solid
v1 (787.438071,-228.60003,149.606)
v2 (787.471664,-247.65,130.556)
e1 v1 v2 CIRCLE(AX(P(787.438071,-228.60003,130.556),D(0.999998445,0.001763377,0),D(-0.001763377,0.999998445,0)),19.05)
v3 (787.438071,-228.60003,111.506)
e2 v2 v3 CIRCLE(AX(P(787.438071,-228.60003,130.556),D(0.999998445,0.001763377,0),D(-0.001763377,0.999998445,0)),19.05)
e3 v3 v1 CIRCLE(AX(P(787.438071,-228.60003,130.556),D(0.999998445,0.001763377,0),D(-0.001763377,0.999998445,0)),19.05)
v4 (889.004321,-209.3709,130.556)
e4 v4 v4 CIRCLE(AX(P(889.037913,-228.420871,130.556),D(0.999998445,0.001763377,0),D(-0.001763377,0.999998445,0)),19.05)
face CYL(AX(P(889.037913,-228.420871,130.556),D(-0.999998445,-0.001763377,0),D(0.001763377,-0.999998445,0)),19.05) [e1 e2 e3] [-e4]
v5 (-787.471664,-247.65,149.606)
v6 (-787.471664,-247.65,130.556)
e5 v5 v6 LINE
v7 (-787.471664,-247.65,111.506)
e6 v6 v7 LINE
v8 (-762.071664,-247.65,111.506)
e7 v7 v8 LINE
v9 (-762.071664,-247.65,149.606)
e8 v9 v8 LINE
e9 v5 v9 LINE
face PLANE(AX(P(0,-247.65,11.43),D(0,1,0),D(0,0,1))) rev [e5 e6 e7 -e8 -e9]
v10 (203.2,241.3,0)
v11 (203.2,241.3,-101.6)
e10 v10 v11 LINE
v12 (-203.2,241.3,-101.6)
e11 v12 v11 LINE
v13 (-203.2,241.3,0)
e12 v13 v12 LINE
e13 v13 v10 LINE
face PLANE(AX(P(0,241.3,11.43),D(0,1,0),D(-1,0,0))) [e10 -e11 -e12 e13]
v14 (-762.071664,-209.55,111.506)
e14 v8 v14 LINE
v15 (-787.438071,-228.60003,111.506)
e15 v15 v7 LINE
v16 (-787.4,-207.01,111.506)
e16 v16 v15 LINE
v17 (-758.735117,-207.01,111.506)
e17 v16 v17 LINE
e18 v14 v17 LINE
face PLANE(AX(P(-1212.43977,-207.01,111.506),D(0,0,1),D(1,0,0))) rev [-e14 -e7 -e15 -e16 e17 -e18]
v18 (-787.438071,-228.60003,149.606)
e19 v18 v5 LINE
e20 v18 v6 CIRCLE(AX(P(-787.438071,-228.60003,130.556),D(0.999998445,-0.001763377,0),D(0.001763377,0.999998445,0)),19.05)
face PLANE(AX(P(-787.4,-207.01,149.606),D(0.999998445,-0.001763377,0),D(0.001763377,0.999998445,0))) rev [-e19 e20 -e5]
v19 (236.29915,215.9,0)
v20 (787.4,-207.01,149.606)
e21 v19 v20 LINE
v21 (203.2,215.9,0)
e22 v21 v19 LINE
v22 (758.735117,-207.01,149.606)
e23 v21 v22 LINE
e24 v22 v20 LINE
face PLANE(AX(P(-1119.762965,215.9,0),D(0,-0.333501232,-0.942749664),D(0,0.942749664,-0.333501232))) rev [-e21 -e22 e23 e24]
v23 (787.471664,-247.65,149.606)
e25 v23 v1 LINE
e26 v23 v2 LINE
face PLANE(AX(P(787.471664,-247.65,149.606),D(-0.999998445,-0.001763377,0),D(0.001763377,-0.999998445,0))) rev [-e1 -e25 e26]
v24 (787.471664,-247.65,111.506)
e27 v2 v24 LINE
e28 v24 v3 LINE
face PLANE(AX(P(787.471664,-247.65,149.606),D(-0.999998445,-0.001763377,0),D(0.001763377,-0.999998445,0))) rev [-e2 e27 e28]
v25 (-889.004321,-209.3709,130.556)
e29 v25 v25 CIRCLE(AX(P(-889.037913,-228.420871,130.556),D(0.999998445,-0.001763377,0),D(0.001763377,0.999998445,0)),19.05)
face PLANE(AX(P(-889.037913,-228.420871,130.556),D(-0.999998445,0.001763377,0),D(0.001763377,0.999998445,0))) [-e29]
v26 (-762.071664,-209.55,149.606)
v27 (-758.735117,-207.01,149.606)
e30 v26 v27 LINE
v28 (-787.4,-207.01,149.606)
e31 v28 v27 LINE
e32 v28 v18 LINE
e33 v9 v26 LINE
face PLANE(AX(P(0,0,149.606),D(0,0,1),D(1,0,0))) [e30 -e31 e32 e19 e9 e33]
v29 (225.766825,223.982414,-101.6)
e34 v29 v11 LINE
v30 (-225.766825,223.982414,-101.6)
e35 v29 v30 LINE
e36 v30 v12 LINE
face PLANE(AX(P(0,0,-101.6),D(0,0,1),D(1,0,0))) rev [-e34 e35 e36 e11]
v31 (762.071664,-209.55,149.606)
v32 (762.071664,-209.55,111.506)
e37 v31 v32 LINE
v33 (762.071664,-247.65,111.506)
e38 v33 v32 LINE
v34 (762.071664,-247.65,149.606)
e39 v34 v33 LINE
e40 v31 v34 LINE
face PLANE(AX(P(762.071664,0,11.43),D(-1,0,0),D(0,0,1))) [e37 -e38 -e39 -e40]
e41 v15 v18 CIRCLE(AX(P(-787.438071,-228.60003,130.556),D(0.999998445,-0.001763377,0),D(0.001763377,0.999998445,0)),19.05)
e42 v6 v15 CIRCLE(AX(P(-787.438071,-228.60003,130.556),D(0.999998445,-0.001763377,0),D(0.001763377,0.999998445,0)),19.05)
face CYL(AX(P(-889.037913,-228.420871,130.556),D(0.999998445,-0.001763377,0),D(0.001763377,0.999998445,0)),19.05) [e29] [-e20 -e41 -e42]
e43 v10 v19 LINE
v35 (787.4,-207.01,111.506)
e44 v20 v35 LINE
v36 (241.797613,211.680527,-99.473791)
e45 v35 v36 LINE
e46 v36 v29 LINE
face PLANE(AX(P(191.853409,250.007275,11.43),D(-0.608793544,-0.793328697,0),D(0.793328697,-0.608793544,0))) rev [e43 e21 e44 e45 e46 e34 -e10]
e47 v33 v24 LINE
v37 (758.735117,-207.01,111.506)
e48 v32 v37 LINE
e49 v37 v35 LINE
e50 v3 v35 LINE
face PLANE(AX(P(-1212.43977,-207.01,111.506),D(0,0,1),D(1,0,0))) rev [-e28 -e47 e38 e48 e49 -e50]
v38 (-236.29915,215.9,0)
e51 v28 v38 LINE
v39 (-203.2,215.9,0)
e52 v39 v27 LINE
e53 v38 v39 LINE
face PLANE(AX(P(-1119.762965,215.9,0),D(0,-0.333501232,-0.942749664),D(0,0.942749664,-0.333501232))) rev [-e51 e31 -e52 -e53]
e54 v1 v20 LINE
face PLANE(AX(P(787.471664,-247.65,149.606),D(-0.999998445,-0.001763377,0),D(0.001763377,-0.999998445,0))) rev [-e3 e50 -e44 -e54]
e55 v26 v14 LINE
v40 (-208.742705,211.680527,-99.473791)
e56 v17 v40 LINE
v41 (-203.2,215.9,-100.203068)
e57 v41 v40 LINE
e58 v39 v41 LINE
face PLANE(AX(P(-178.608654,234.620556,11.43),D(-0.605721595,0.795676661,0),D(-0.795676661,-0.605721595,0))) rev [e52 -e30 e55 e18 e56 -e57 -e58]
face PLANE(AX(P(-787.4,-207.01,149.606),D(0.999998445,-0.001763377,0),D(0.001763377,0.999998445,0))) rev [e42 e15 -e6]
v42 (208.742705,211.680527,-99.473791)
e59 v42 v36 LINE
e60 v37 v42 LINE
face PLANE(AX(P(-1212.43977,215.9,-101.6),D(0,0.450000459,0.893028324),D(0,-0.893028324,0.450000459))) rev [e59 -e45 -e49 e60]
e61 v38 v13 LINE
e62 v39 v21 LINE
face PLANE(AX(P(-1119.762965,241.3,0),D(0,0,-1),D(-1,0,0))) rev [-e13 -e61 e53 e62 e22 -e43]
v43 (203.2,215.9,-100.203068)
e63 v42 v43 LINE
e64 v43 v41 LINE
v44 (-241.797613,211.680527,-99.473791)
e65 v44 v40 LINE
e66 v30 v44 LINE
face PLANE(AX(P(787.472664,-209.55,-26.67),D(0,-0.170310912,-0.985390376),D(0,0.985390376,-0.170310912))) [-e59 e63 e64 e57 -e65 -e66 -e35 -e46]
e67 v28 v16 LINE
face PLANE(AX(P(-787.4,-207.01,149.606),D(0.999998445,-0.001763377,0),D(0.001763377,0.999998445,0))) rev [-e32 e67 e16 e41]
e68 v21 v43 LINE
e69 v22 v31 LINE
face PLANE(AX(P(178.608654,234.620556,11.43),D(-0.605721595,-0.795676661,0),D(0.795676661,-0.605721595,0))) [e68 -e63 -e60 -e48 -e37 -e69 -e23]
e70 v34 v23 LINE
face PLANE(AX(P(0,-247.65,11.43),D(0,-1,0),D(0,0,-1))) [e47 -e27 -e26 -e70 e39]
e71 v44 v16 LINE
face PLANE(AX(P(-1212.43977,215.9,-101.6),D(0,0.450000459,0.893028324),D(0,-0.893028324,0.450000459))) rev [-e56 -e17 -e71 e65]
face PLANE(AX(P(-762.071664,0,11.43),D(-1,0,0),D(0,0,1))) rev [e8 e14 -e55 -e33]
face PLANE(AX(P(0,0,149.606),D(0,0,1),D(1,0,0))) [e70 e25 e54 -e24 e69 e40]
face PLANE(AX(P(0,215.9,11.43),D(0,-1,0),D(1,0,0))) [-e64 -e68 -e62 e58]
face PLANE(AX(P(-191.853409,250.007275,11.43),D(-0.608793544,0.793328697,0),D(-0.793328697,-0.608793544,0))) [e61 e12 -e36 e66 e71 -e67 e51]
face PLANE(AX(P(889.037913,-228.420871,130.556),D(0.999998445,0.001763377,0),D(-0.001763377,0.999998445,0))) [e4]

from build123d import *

# Parameters (mm, degrees)
BOSS_EXTRUDE1_DEPTH            = 11.43
BOSS_EXTRUDE1_DEPTH_BACK       = 101.6
CUT_EXTRUDE2_REACH             = 833.724
CUT_EXTRUDE2_DIRECTION_2_REACH = 833.724
CUT_EXTRUDE3_REACH             = 833.724
CUT_EXTRUDE3_DIRECTION_2_REACH = 833.724
BOSS_EXTRUDE3_DEPTH            = 149.606
SKETCH9_R                      = 19.05
BOSS_EXTRUDE4_DEPTH            = 101.6
CUT_EXTRUDE4_REACH             = 936.966
CUT_EXTRUDE4_DIRECTION_2_REACH = 936.966
CUT_EXTRUDE5_REACH             = 936.966
CUT_EXTRUDE5_DIRECTION_2_REACH = 936.966


with BuildPart() as part:
    # Sketch1 → Boss-Extrude1 (new, two sides: drawn at the far end of the back side and taken through both)
    with BuildSketch(Plane.XY.offset(-BOSS_EXTRUDE1_DEPTH_BACK)):
        Polygon((-787.4, -209.55), (-787.471663752, -247.65), (-762.071663752, -247.65), (-762.071663752, -209.55), (-203.2, 215.9), (0, 215.9), (0, 241.3), (-203.2, 241.3), (-787.4, -207.01), align=None)
        Polygon((0, 241.3), (0, 215.9), (203.2, 215.9), (762.071663752, -209.55), (762.071663752, -247.65), (787.471663752, -247.65), (787.4, -209.55), (787.4, -207.01), (203.2, 241.3), align=None)
    extrude(amount=BOSS_EXTRUDE1_DEPTH + BOSS_EXTRUDE1_DEPTH_BACK)

    # Sketch5 → Cut-Extrude2 (cut, up to next)
    with BuildSketch(Plane(origin=(0, 0, 0), x_dir=(0, 0, -1), z_dir=(1, 0, 0)), mode=Mode.PRIVATE) as cut_extrude2_sk1:
        Polygon((-11.43, -209.55), (0, 215.9), (0, 241.3), (-11.43, 241.3), (-11.43, 215.9), align=None)
    cut_extrude2_tool1 = extrude(cut_extrude2_sk1.sketch, amount=-CUT_EXTRUDE2_REACH, mode=Mode.PRIVATE) & part.part
    add(cut_extrude2_tool1.solids().sort_by_distance((0, 90.565111, 7.4168))[0], mode=Mode.SUBTRACT)

    # Sketch5 → Cut-Extrude2 direction 2 (cut, up to next)
    with BuildSketch(Plane(origin=(0, 0, 0), x_dir=(0, 0, -1), z_dir=(1, 0, 0)), mode=Mode.PRIVATE) as cut_extrude2_direction_2_sk1:
        Polygon((-11.43, -209.55), (0, 215.9), (0, 241.3), (-11.43, 241.3), (-11.43, 215.9), align=None)
    cut_extrude2_direction_2_tool1 = extrude(cut_extrude2_direction_2_sk1.sketch, amount=CUT_EXTRUDE2_DIRECTION_2_REACH, mode=Mode.PRIVATE) & part.part
    add(cut_extrude2_direction_2_tool1.solids().sort_by_distance((0, 90.565111, 7.4168))[0], mode=Mode.SUBTRACT)

    # Sketch7 → Cut-Extrude3 (cut, up to next)
    with BuildSketch(Plane(origin=(0, 0, 0), x_dir=(0, 0, -1), z_dir=(1, 0, 0)), mode=Mode.PRIVATE) as cut_extrude3_sk1:
        Polygon((26.67, -209.55), (101.6, 223.982414479), (101.6, -247.65), (26.67, -247.65), align=None)
    cut_extrude3_tool1 = extrude(cut_extrude3_sk1.sketch, amount=-CUT_EXTRUDE3_REACH, mode=Mode.PRIVATE) & part.part
    add(cut_extrude3_tool1.solids().sort_by_distance((0, -89.489932, -74.75645))[0], mode=Mode.SUBTRACT)

    # Sketch7 → Cut-Extrude3 direction 2 (cut, up to next)
    with BuildSketch(Plane(origin=(0, 0, 0), x_dir=(0, 0, -1), z_dir=(1, 0, 0)), mode=Mode.PRIVATE) as cut_extrude3_direction_2_sk1:
        Polygon((26.67, -209.55), (101.6, 223.982414479), (101.6, -247.65), (26.67, -247.65), align=None)
    cut_extrude3_direction_2_tool1 = extrude(cut_extrude3_direction_2_sk1.sketch, amount=CUT_EXTRUDE3_DIRECTION_2_REACH, mode=Mode.PRIVATE) & part.part
    add(cut_extrude3_direction_2_tool1.solids().sort_by_distance((0, -89.489932, -74.75645))[0], mode=Mode.SUBTRACT)

    # Sketch8 → Boss-Extrude3 (add)
    with BuildSketch(Plane.XY):
        Polygon((-787.471663752, -247.65), (-762.071663752, -247.65), (-762.071663752, -209.55), (-203.2, 215.9), (203.2, 215.9), (762.071663752, -209.55), (762.071663752, -247.65), (787.471663752, -247.65), (787.4, -207.01), (203.2, 241.3), (-203.2, 241.3), (-787.4, -207.01), align=None)
    extrude(amount=BOSS_EXTRUDE3_DEPTH)

    # Sketch9 → Boss-Extrude4 (add)
    with BuildSketch(Plane(origin=(787.032515479, 1.387837182, 0), x_dir=(0, 0, -1), z_dir=(0.9999984452495948, 0.0017633769855495952, 0))):
        with Locations(Location((-130.556, -229.988224375, 0), (0, 0, 270))):
            Circle(SKETCH9_R)
    boss_extrude4 = extrude(amount=BOSS_EXTRUDE4_DEPTH)

    # Mirror1: Boss-Extrude4 across plane
    add(boss_extrude4.mirror(Plane(origin=(0, 0, 0), x_dir=(0, 0, 1), z_dir=(1, 0, 0))))

    # Cut-Extrude4: up to this face of the body (flat: up to its plane)
    cut_extrude4_end = Plane(part.part.faces().sort_by_distance((-477.863853052, 30.525347549, 40.754880745))[0])
    # Sketch10 → Cut-Extrude4 (cut, up to the picked face)
    with BuildSketch(Plane(origin=(0, 0, 0), x_dir=(0, 0, -1), z_dir=(1, 0, 0)), mode=Mode.PRIVATE) as cut_extrude4_sk1:
        Polygon((-111.506, -207.01), (-111.506, -247.65), (101.6, -247.65), (101.6, 215.9), align=None)
    cut_extrude4_tool1 = split(extrude(cut_extrude4_sk1.sketch, amount=-CUT_EXTRUDE4_REACH, mode=Mode.PRIVATE), bisect_by=cut_extrude4_end, keep=Keep.BOTH, mode=Mode.PRIVATE)
    add(cut_extrude4_tool1.solids().sort_by(Axis((0, -92.041411, -24.838897), (-1, 0, 0)))[0], mode=Mode.SUBTRACT)

    # Cut-Extrude4 direction 2: up to this face of the body (flat: up to its plane)
    cut_extrude4_direction_2_end = Plane(part.part.faces().sort_by_distance((477.863853052, 30.525347549, 40.754880745))[0])
    # Sketch10 → Cut-Extrude4 direction 2 (cut, up to the picked face)
    with BuildSketch(Plane(origin=(0, 0, 0), x_dir=(0, 0, -1), z_dir=(1, 0, 0)), mode=Mode.PRIVATE) as cut_extrude4_direction_2_sk1:
        Polygon((-111.506, -207.01), (-111.506, -247.65), (101.6, -247.65), (101.6, 215.9), align=None)
    cut_extrude4_direction_2_tool1 = split(extrude(cut_extrude4_direction_2_sk1.sketch, amount=CUT_EXTRUDE4_DIRECTION_2_REACH, mode=Mode.PRIVATE), bisect_by=cut_extrude4_direction_2_end, keep=Keep.BOTH, mode=Mode.PRIVATE)
    add(cut_extrude4_direction_2_tool1.solids().sort_by(Axis((0, -92.041411, -24.838897), (1, 0, 0)))[0], mode=Mode.SUBTRACT)

    # Cut-Extrude5: up to this plane
    cut_extrude5_end = Plane(origin=(-191.85340904, 250.007275237, 11.43), z_dir=(-0.6087935435147127, 0.7933286969313537, 0))
    # Sketch11 → Cut-Extrude5 (cut, up to the surface)
    with BuildSketch(Plane(origin=(0, 0, 0), x_dir=(0, 0, -1), z_dir=(1, 0, 0)), mode=Mode.PRIVATE) as cut_extrude5_sk1:
        Polygon((0, 241.3), (-149.606, 241.3), (-149.606, -207.01), (0, 215.9), align=None)
    cut_extrude5_tool1 = split(extrude(cut_extrude5_sk1.sketch, amount=-CUT_EXTRUDE5_REACH, mode=Mode.PRIVATE), bisect_by=cut_extrude5_end, keep=Keep.BOTH, mode=Mode.PRIVATE)
    add(cut_extrude5_tool1.solids().sort_by_distance((0, 91.409357, 97.06341))[0], mode=Mode.SUBTRACT)

    # Cut-Extrude5 direction 2: up to this plane
    cut_extrude5_direction_2_end = Plane(origin=(191.85340904, 250.007275237, 11.43), z_dir=(-0.608793543514713, -0.7933286969313534, 0))
    # Sketch11 → Cut-Extrude5 direction 2 (cut, up to the surface)
    with BuildSketch(Plane(origin=(0, 0, 0), x_dir=(0, 0, -1), z_dir=(1, 0, 0)), mode=Mode.PRIVATE) as cut_extrude5_direction_2_sk1:
        Polygon((0, 241.3), (-149.606, 241.3), (-149.606, -207.01), (0, 215.9), align=None)
    cut_extrude5_direction_2_tool1 = split(extrude(cut_extrude5_direction_2_sk1.sketch, amount=CUT_EXTRUDE5_DIRECTION_2_REACH, mode=Mode.PRIVATE), bisect_by=cut_extrude5_direction_2_end, keep=Keep.BOTH, mode=Mode.PRIVATE)
    add(cut_extrude5_direction_2_tool1.solids().sort_by_distance((0, 91.409357, 97.06341))[0], mode=Mode.SUBTRACT)


solid = part.part
